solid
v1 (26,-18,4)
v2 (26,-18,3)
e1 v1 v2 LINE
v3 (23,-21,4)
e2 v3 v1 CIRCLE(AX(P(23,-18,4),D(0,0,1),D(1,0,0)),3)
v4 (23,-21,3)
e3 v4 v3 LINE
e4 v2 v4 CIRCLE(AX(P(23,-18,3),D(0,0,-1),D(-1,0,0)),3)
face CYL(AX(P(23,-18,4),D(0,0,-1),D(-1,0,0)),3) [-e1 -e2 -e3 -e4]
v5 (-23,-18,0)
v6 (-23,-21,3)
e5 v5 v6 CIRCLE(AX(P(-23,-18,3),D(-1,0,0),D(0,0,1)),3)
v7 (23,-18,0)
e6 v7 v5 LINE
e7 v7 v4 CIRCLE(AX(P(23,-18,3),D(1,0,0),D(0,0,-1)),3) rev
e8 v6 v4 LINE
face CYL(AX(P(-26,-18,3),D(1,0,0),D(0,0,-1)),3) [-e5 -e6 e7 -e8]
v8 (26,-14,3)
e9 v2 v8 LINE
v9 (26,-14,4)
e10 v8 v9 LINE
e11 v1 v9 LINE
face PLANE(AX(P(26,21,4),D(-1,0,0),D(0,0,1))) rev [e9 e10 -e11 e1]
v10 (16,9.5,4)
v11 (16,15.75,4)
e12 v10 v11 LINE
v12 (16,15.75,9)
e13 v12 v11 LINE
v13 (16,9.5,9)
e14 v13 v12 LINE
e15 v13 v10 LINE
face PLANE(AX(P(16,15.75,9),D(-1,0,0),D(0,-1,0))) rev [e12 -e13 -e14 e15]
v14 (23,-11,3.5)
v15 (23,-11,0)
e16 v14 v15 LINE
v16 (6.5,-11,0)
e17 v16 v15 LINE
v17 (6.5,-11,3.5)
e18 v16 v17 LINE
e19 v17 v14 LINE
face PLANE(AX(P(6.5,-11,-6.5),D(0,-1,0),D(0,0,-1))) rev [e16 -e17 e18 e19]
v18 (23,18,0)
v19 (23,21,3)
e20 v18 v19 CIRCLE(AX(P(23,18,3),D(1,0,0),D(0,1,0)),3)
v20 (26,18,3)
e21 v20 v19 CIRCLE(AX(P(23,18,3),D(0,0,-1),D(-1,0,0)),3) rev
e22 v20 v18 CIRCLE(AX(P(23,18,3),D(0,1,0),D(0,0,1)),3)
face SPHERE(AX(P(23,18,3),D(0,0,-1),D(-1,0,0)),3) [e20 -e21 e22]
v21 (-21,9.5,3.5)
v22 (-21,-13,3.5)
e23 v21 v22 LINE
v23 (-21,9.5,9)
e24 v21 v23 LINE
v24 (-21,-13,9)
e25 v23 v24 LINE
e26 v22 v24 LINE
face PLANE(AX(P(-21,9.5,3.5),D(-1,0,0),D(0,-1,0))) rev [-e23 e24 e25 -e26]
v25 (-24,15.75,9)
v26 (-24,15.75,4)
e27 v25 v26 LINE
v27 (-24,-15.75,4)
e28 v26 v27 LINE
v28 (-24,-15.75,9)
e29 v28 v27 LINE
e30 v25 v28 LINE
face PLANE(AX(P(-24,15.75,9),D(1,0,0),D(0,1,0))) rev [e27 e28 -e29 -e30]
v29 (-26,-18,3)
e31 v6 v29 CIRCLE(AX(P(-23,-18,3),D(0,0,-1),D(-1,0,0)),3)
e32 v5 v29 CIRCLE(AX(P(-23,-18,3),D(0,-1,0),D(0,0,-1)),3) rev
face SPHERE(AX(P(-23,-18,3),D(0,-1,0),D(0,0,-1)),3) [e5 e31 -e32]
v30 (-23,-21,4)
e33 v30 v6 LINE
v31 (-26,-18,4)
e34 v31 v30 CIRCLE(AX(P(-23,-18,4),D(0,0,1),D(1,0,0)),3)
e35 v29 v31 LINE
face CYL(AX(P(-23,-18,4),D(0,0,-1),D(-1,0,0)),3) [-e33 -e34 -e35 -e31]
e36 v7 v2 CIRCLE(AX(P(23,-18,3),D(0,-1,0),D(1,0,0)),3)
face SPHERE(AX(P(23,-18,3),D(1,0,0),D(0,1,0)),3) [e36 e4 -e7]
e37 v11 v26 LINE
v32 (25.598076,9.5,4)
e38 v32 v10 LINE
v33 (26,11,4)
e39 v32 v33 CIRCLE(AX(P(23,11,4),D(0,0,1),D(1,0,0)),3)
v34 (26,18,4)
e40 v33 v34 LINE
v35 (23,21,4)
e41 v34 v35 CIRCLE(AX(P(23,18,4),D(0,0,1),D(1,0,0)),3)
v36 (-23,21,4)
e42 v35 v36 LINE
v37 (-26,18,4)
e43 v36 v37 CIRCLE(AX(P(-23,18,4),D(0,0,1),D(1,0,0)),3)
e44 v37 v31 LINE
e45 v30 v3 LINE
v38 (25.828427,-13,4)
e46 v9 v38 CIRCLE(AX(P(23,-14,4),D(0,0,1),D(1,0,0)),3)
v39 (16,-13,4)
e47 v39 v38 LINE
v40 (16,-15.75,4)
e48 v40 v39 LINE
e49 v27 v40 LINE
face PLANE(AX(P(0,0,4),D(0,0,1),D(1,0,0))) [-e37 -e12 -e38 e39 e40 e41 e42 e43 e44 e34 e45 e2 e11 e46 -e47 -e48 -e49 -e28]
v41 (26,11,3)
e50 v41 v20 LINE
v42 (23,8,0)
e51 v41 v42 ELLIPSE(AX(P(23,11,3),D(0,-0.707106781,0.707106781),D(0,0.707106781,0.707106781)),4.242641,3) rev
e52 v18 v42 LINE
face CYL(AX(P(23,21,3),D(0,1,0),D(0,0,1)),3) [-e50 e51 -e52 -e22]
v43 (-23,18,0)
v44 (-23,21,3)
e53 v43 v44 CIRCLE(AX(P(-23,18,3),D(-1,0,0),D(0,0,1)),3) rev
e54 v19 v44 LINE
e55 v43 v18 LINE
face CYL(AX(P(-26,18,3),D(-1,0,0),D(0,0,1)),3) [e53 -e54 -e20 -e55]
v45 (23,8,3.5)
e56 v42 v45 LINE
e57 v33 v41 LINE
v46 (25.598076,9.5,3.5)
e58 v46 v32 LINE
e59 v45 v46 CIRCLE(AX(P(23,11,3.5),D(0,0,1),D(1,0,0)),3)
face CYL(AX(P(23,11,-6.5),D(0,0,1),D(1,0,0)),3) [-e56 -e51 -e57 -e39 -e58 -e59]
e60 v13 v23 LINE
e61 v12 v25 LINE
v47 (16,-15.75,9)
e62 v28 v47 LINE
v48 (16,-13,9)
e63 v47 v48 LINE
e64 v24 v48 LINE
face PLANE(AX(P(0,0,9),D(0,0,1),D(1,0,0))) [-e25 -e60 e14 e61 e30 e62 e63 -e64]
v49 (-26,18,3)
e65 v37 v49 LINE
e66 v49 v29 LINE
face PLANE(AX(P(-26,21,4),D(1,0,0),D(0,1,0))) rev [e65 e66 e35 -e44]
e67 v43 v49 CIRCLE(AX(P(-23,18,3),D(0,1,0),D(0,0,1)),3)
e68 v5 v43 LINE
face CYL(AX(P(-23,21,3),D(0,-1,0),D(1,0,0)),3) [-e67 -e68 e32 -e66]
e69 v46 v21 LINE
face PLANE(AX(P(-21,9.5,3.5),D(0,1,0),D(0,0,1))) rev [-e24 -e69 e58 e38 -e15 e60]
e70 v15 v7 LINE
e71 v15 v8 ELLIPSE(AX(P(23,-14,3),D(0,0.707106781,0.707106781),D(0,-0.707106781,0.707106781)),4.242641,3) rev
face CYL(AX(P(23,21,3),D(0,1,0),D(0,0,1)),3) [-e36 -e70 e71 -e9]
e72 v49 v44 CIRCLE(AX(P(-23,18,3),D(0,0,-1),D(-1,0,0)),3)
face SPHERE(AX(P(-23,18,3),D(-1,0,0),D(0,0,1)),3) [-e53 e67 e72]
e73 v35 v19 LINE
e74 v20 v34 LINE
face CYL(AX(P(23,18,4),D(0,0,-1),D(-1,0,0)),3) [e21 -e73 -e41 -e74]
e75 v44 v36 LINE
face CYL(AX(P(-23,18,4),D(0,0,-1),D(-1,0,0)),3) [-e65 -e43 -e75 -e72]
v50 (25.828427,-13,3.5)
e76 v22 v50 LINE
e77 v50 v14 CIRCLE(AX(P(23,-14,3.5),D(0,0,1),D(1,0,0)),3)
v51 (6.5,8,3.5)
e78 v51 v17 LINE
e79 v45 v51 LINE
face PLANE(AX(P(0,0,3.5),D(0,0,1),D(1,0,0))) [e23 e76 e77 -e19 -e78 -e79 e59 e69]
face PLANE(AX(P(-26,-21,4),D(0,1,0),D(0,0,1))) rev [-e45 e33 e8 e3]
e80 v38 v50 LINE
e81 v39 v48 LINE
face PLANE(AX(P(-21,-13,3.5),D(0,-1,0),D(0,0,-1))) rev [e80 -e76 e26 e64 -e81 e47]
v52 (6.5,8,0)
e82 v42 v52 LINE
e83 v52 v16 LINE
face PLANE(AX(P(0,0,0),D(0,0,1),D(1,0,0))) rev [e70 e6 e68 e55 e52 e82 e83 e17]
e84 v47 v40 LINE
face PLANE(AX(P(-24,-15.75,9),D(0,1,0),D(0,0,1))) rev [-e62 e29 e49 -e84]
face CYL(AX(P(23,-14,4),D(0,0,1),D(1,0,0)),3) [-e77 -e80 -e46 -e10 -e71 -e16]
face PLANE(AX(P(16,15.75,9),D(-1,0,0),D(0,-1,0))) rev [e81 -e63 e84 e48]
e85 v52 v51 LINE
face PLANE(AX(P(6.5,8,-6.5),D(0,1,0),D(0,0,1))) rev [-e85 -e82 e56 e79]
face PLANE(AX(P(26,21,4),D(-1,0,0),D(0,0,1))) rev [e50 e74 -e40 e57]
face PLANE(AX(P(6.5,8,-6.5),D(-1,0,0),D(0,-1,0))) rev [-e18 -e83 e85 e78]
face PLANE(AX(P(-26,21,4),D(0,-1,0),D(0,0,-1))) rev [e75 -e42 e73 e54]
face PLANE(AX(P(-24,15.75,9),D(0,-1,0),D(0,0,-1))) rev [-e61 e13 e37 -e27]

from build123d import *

# Parameters (mm, degrees)
SKETCH1_W           = 52
SKETCH1_H           = 42
BOSS_EXTRUDE1_DEPTH = 4
SKETCH2_W           = 40
SKETCH2_H           = 31.5
BOSS_EXTRUDE2_DEPTH = 5
SKETCH4_W           = 50
SKETCH4_H           = 22.5
CUT_EXTRUDE2_DEPTH  = 5.5
SKETCH5_W           = 19.5
SKETCH5_H           = 19
CUT_EXTRUDE3_DEPTH  = 10
FILLET2_R           = 3


with BuildPart() as part:
    # Sketch1 → Boss-Extrude1 (new body)
    with BuildSketch(Plane.XY):
        Rectangle(SKETCH1_W, SKETCH1_H)
    extrude(amount=BOSS_EXTRUDE1_DEPTH)

    # Sketch2 → Boss-Extrude2 (add)
    with BuildSketch(Plane.XY.offset(4)):
        with Locations((-4, 0)):
            Rectangle(SKETCH2_W, SKETCH2_H)
    extrude(amount=BOSS_EXTRUDE2_DEPTH)

    # Sketch4 → Cut-Extrude2 (cut)
    with BuildSketch(Plane.XY.offset(9)):
        with Locations((4, -1.75)):
            Rectangle(SKETCH4_W, SKETCH4_H)
    extrude(amount=-CUT_EXTRUDE2_DEPTH, mode=Mode.SUBTRACT)

    # Sketch5 → Cut-Extrude3 (cut)
    with BuildSketch(Plane.XY.offset(3.5)):
        with Locations((16.25, -1.5)):
            Rectangle(SKETCH5_W, SKETCH5_H)
    extrude(amount=-CUT_EXTRUDE3_DEPTH, mode=Mode.SUBTRACT)

    # Fillet2
    fillet2_edges = [part.edges().sort_by_distance(p)[0] for p in [
        (26, -16, 0),
        (26, 14.5, 0),
        (26, 8, 1.75),
        (26, -11, 1.75),
        (26, -21, 2),
        (-26, -21, 2),
        (0, -21, 0),
        (-26, 0, 0),
        (0, 21, 0),
        (-26, 21, 2),
        (26, 21, 2),
    ]]
    fillet(fillet2_edges, radius=FILLET2_R)


solid = part.part
